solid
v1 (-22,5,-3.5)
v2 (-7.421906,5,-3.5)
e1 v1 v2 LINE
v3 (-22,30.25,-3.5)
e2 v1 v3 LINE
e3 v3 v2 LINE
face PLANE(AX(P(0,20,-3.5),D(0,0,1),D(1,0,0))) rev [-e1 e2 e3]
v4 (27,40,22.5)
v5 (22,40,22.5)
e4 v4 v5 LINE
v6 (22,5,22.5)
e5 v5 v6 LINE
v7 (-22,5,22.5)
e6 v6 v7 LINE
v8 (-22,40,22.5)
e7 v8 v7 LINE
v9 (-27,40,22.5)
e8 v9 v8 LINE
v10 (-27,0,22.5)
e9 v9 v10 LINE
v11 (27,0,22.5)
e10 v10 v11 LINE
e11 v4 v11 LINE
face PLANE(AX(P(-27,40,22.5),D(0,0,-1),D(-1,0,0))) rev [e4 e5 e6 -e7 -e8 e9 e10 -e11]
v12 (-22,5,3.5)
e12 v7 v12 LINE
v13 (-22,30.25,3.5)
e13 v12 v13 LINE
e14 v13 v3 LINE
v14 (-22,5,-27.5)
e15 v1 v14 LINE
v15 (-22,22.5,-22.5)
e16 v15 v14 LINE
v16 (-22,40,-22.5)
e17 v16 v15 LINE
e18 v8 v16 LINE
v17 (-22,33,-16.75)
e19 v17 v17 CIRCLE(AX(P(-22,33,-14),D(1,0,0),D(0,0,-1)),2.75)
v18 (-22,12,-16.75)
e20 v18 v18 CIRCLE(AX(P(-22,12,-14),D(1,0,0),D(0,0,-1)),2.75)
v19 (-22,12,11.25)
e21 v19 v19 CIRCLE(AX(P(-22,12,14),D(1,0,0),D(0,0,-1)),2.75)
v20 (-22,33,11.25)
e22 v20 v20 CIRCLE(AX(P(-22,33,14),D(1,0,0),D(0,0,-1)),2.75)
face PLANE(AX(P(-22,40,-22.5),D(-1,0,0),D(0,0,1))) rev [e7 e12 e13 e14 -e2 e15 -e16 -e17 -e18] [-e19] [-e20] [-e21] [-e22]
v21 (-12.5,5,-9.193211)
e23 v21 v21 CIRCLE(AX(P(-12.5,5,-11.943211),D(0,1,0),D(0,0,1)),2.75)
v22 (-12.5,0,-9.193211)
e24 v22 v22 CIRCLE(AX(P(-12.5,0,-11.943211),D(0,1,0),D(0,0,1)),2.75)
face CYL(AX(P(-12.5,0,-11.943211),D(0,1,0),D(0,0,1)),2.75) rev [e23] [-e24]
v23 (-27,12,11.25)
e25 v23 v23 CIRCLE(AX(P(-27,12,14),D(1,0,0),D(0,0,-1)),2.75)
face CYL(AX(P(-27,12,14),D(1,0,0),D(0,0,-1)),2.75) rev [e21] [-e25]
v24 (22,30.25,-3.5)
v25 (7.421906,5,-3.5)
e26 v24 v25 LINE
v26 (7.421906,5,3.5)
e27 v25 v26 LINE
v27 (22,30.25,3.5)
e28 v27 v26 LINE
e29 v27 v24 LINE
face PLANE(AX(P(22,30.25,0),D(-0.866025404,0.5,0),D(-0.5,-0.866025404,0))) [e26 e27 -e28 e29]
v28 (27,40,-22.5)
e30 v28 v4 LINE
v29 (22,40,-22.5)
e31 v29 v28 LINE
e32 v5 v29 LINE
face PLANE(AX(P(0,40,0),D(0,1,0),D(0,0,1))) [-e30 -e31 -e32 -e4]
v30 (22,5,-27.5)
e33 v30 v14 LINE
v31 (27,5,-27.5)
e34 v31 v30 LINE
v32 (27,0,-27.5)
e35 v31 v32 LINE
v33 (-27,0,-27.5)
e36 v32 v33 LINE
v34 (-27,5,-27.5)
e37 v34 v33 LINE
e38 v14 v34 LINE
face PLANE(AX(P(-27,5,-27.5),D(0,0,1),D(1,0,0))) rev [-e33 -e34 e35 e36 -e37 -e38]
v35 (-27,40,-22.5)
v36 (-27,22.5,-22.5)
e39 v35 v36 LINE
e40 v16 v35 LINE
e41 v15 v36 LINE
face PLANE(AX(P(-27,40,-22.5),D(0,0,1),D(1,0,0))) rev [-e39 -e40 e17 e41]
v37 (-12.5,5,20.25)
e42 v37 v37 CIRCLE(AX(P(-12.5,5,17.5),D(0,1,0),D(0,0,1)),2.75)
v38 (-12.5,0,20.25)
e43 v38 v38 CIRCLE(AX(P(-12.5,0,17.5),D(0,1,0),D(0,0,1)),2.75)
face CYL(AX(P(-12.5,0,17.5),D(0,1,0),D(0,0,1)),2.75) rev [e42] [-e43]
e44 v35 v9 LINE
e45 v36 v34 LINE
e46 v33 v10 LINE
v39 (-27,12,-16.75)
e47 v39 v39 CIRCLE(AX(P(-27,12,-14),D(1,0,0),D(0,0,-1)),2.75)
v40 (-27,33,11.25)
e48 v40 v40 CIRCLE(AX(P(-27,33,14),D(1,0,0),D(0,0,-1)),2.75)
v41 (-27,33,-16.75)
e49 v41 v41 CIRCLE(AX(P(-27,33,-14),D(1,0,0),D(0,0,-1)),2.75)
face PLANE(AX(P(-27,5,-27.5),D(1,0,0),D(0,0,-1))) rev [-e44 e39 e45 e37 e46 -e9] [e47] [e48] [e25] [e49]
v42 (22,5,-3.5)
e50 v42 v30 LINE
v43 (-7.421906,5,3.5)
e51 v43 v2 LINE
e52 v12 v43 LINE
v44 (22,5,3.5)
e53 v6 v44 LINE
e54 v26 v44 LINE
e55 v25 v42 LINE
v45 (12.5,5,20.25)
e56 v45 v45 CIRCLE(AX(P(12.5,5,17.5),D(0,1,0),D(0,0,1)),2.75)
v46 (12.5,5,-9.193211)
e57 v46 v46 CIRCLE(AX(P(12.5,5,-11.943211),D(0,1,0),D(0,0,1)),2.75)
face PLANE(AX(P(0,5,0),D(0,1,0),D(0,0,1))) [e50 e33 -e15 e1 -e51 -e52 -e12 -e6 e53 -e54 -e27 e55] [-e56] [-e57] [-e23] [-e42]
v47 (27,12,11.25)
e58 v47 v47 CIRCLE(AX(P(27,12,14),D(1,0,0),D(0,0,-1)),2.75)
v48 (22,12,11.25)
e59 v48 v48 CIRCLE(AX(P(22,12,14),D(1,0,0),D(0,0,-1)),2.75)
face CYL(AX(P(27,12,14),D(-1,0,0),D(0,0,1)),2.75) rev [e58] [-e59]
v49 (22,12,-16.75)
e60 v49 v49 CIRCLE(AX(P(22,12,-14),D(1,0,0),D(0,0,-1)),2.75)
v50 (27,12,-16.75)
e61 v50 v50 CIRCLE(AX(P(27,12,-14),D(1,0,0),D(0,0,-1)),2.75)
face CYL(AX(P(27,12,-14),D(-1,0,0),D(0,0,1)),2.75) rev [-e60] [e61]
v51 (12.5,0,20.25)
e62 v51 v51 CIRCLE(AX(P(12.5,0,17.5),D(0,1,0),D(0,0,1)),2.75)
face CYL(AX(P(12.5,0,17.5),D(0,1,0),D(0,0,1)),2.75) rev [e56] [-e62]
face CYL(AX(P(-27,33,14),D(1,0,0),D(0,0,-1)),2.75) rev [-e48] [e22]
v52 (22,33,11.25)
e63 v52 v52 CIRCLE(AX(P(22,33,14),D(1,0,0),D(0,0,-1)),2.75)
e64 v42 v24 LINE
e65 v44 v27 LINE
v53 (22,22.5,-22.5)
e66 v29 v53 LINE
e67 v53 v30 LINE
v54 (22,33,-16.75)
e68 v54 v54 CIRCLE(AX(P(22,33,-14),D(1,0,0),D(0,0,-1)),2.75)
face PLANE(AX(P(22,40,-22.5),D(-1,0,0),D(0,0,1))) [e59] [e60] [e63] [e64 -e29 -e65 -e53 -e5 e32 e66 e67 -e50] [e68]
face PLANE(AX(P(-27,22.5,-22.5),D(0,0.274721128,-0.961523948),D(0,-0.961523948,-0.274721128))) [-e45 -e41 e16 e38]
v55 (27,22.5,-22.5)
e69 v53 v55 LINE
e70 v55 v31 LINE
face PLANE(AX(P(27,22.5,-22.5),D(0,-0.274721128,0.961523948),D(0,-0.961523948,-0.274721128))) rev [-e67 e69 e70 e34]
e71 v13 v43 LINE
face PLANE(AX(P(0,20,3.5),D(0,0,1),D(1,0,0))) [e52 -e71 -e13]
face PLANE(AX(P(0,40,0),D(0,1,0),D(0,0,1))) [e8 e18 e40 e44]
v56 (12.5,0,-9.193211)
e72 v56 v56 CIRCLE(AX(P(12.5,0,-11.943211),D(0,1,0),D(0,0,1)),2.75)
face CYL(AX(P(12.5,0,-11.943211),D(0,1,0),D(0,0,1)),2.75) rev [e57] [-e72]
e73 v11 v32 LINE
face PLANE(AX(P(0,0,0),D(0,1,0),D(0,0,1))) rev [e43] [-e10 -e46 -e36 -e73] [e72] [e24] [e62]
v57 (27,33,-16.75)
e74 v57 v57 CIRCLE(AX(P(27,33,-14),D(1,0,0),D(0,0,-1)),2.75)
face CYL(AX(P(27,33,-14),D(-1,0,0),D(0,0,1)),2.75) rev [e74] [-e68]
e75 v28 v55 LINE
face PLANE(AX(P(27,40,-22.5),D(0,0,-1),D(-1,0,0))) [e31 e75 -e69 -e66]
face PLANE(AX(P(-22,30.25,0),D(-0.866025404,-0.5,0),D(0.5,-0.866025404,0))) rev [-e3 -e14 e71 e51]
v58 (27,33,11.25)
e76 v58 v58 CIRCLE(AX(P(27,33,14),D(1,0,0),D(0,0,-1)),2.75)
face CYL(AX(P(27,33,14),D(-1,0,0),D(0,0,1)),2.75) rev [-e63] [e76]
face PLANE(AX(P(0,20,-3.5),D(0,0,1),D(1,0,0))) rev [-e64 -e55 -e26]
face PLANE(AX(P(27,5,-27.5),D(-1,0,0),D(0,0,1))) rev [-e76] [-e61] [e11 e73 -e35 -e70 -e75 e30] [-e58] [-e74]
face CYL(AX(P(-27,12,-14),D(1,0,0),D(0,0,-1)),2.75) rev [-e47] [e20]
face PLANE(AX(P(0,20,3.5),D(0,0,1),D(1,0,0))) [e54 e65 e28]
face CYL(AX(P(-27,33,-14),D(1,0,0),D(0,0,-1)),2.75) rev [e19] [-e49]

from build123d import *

# Parameters (mm, degrees)
SKETCH1_W               = 54
SKETCH1_H               = 55
BOSS_EXTRUDE1_DEPTH     = 5
SKETCH6_W               = 5
SKETCH6_H               = 45
BOSS_EXTRUDE3_DEPTH     = 35
SKETCH7_R               = 2.75
CUT_EXTRUDE2_DEPTH      = 69.972820734
RIB1_REACH              = 74.61
SKETCH8_WALL_W          = 165.420796688
SKETCH8_WALL_H          = 5
MIRROR2_COPY_1_REACH    = 74.61
MIRROR2_COPY_1_SKETCH_W = 165.420796688
MIRROR2_COPY_1_SKETCH_H = 5
RIB4_REACH              = 57.545
SKETCH9_WALL_W          = 142.246242154
SKETCH9_WALL_H          = 7
SKETCH10_R              = 2.75
CUT_EXTRUDE3_DEPTH      = 53.060061468
SKETCH11_W              = 54
SKETCH11_H              = 5
CUT_EXTRUDE4_DEPTH      = 40


with BuildPart() as part:
    # Sketch1 → Boss-Extrude1 (new body)
    with BuildSketch(Plane(origin=(0, 0, 0), x_dir=(1, 0, 0), z_dir=(0, 1, 0))):
        Rectangle(SKETCH1_W, SKETCH1_H)
    extrude(amount=BOSS_EXTRUDE1_DEPTH)

    # Sketch6 → Boss-Extrude3 (add)
    with BuildSketch(Plane(origin=(0, 5, 0), x_dir=(1, 0, 0), z_dir=(0, 1, 0))):
        with Locations((-24.5, 0)):
            Rectangle(SKETCH6_W, SKETCH6_H)
    boss_extrude3 = extrude(amount=BOSS_EXTRUDE3_DEPTH)

    # Sketch7 → Cut-Extrude2 (cut, through all)
    with BuildSketch(Plane(origin=(-22, 0, 0), x_dir=(0, 0, -1), z_dir=(1, 0, 0))):
        with Locations((-14, 33)):
            Circle(SKETCH7_R)
        with Locations((14, 33)):
            Circle(SKETCH7_R)
        with Locations((14, 12)):
            Circle(SKETCH7_R)
        with Locations((-14, 12)):
            Circle(SKETCH7_R)
    cut_extrude2 = extrude(amount=-CUT_EXTRUDE2_DEPTH, mode=Mode.SUBTRACT)

    # Sketch8 wall → Rib1 (add, up to next)
    with BuildSketch(Plane(origin=(-27, 13.75, -25), x_dir=(0, -0.961523947641, -0.274721127897), z_dir=(0, -0.274721127897, 0.961523947641)), mode=Mode.PRIVATE) as rib1_sk1:
        with Locations((0, 2.5)):
            Rectangle(SKETCH8_WALL_W, SKETCH8_WALL_H)
    rib1_tool1 = extrude(rib1_sk1.sketch, amount=RIB1_REACH, mode=Mode.PRIVATE) - part.part
    rib1 = rib1_tool1.solids().sort_by_distance((-27, 13.75, -25))[0]
    add(rib1)

    # Mirror1: Rib1 across plane
    add(rib1.mirror(Plane.XY))

    # Mirror2: Boss-Extrude3, Cut-Extrude2, Rib1 across plane
    add(boss_extrude3.mirror(Plane(origin=(0, 0, 0), x_dir=(0, 0, 1), z_dir=(1, 0, 0))))
    add(cut_extrude2.mirror(Plane(origin=(0, 0, 0), x_dir=(0, 0, 1), z_dir=(1, 0, 0))), mode=Mode.SUBTRACT)
    add(rib1.mirror(Plane(origin=(0, 0, 0), x_dir=(0, 0, 1), z_dir=(1, 0, 0))))

    # Mirror2 copy 1 sketch → Mirror2 copy 1 (add, up to next)
    with BuildSketch(Plane(origin=(27, 13.75, 25), x_dir=(0, -0.961523947641, 0.274721127897), z_dir=(0, -0.274721127897, -0.961523947641)), mode=Mode.PRIVATE) as mirror2_copy_1_sk1:
        with Locations((0, 2.5)):
            Rectangle(MIRROR2_COPY_1_SKETCH_W, MIRROR2_COPY_1_SKETCH_H)
    mirror2_copy_1_tool1 = extrude(mirror2_copy_1_sk1.sketch, amount=MIRROR2_COPY_1_REACH, mode=Mode.PRIVATE) - part.part
    add(mirror2_copy_1_tool1.solids().sort_by_distance((27, 13.75, 25))[0])

    # Sketch9 wall → Rib4 (add, up to next)
    with BuildSketch(Plane(origin=(-14.710952852, 17.625, 0), x_dir=(0.499999999999, -0.866025403785, 0), z_dir=(0.866025403785, 0.499999999999, 0)), mode=Mode.PRIVATE) as rib4_sk1:
        Rectangle(SKETCH9_WALL_W, SKETCH9_WALL_H)
    rib4_tool1 = extrude(rib4_sk1.sketch, amount=-RIB4_REACH, mode=Mode.PRIVATE) - part.part
    rib4 = rib4_tool1.solids().sort_by_distance((-14.710952852, 17.625, 0))[0]
    add(rib4)

    # Mirror3: Rib4 across plane
    add(rib4.mirror(Plane(origin=(0, 0, 0), x_dir=(0, 0, 1), z_dir=(1, 0, 0))))

    # Sketch10 → Cut-Extrude3 (cut, through all)
    with BuildSketch(Plane(origin=(0, 5, 0), x_dir=(1, 0, 0), z_dir=(0, 1, 0))):
        with Locations(Location((12.5, 11.943211227, 0), (0, 0, 270))):
            Circle(SKETCH10_R)
        with Locations(Location((12.5, -17.5, 0), (0, 0, 270))):
            Circle(SKETCH10_R)
        with Locations(Location((-12.5, -17.5, 0), (0, 0, 270))):
            Circle(SKETCH10_R)
        with Locations(Location((-12.5, 11.943211227, 0), (0, 0, 270))):
            Circle(SKETCH10_R)
    extrude(amount=-CUT_EXTRUDE3_DEPTH, mode=Mode.SUBTRACT)

    # Sketch11 → Cut-Extrude4 (cut)
    with BuildSketch(Plane.XZ):
        with Locations((0, 25)):
            Rectangle(SKETCH11_W, SKETCH11_H)
    extrude(amount=-CUT_EXTRUDE4_DEPTH, mode=Mode.SUBTRACT)


solid = part.part
